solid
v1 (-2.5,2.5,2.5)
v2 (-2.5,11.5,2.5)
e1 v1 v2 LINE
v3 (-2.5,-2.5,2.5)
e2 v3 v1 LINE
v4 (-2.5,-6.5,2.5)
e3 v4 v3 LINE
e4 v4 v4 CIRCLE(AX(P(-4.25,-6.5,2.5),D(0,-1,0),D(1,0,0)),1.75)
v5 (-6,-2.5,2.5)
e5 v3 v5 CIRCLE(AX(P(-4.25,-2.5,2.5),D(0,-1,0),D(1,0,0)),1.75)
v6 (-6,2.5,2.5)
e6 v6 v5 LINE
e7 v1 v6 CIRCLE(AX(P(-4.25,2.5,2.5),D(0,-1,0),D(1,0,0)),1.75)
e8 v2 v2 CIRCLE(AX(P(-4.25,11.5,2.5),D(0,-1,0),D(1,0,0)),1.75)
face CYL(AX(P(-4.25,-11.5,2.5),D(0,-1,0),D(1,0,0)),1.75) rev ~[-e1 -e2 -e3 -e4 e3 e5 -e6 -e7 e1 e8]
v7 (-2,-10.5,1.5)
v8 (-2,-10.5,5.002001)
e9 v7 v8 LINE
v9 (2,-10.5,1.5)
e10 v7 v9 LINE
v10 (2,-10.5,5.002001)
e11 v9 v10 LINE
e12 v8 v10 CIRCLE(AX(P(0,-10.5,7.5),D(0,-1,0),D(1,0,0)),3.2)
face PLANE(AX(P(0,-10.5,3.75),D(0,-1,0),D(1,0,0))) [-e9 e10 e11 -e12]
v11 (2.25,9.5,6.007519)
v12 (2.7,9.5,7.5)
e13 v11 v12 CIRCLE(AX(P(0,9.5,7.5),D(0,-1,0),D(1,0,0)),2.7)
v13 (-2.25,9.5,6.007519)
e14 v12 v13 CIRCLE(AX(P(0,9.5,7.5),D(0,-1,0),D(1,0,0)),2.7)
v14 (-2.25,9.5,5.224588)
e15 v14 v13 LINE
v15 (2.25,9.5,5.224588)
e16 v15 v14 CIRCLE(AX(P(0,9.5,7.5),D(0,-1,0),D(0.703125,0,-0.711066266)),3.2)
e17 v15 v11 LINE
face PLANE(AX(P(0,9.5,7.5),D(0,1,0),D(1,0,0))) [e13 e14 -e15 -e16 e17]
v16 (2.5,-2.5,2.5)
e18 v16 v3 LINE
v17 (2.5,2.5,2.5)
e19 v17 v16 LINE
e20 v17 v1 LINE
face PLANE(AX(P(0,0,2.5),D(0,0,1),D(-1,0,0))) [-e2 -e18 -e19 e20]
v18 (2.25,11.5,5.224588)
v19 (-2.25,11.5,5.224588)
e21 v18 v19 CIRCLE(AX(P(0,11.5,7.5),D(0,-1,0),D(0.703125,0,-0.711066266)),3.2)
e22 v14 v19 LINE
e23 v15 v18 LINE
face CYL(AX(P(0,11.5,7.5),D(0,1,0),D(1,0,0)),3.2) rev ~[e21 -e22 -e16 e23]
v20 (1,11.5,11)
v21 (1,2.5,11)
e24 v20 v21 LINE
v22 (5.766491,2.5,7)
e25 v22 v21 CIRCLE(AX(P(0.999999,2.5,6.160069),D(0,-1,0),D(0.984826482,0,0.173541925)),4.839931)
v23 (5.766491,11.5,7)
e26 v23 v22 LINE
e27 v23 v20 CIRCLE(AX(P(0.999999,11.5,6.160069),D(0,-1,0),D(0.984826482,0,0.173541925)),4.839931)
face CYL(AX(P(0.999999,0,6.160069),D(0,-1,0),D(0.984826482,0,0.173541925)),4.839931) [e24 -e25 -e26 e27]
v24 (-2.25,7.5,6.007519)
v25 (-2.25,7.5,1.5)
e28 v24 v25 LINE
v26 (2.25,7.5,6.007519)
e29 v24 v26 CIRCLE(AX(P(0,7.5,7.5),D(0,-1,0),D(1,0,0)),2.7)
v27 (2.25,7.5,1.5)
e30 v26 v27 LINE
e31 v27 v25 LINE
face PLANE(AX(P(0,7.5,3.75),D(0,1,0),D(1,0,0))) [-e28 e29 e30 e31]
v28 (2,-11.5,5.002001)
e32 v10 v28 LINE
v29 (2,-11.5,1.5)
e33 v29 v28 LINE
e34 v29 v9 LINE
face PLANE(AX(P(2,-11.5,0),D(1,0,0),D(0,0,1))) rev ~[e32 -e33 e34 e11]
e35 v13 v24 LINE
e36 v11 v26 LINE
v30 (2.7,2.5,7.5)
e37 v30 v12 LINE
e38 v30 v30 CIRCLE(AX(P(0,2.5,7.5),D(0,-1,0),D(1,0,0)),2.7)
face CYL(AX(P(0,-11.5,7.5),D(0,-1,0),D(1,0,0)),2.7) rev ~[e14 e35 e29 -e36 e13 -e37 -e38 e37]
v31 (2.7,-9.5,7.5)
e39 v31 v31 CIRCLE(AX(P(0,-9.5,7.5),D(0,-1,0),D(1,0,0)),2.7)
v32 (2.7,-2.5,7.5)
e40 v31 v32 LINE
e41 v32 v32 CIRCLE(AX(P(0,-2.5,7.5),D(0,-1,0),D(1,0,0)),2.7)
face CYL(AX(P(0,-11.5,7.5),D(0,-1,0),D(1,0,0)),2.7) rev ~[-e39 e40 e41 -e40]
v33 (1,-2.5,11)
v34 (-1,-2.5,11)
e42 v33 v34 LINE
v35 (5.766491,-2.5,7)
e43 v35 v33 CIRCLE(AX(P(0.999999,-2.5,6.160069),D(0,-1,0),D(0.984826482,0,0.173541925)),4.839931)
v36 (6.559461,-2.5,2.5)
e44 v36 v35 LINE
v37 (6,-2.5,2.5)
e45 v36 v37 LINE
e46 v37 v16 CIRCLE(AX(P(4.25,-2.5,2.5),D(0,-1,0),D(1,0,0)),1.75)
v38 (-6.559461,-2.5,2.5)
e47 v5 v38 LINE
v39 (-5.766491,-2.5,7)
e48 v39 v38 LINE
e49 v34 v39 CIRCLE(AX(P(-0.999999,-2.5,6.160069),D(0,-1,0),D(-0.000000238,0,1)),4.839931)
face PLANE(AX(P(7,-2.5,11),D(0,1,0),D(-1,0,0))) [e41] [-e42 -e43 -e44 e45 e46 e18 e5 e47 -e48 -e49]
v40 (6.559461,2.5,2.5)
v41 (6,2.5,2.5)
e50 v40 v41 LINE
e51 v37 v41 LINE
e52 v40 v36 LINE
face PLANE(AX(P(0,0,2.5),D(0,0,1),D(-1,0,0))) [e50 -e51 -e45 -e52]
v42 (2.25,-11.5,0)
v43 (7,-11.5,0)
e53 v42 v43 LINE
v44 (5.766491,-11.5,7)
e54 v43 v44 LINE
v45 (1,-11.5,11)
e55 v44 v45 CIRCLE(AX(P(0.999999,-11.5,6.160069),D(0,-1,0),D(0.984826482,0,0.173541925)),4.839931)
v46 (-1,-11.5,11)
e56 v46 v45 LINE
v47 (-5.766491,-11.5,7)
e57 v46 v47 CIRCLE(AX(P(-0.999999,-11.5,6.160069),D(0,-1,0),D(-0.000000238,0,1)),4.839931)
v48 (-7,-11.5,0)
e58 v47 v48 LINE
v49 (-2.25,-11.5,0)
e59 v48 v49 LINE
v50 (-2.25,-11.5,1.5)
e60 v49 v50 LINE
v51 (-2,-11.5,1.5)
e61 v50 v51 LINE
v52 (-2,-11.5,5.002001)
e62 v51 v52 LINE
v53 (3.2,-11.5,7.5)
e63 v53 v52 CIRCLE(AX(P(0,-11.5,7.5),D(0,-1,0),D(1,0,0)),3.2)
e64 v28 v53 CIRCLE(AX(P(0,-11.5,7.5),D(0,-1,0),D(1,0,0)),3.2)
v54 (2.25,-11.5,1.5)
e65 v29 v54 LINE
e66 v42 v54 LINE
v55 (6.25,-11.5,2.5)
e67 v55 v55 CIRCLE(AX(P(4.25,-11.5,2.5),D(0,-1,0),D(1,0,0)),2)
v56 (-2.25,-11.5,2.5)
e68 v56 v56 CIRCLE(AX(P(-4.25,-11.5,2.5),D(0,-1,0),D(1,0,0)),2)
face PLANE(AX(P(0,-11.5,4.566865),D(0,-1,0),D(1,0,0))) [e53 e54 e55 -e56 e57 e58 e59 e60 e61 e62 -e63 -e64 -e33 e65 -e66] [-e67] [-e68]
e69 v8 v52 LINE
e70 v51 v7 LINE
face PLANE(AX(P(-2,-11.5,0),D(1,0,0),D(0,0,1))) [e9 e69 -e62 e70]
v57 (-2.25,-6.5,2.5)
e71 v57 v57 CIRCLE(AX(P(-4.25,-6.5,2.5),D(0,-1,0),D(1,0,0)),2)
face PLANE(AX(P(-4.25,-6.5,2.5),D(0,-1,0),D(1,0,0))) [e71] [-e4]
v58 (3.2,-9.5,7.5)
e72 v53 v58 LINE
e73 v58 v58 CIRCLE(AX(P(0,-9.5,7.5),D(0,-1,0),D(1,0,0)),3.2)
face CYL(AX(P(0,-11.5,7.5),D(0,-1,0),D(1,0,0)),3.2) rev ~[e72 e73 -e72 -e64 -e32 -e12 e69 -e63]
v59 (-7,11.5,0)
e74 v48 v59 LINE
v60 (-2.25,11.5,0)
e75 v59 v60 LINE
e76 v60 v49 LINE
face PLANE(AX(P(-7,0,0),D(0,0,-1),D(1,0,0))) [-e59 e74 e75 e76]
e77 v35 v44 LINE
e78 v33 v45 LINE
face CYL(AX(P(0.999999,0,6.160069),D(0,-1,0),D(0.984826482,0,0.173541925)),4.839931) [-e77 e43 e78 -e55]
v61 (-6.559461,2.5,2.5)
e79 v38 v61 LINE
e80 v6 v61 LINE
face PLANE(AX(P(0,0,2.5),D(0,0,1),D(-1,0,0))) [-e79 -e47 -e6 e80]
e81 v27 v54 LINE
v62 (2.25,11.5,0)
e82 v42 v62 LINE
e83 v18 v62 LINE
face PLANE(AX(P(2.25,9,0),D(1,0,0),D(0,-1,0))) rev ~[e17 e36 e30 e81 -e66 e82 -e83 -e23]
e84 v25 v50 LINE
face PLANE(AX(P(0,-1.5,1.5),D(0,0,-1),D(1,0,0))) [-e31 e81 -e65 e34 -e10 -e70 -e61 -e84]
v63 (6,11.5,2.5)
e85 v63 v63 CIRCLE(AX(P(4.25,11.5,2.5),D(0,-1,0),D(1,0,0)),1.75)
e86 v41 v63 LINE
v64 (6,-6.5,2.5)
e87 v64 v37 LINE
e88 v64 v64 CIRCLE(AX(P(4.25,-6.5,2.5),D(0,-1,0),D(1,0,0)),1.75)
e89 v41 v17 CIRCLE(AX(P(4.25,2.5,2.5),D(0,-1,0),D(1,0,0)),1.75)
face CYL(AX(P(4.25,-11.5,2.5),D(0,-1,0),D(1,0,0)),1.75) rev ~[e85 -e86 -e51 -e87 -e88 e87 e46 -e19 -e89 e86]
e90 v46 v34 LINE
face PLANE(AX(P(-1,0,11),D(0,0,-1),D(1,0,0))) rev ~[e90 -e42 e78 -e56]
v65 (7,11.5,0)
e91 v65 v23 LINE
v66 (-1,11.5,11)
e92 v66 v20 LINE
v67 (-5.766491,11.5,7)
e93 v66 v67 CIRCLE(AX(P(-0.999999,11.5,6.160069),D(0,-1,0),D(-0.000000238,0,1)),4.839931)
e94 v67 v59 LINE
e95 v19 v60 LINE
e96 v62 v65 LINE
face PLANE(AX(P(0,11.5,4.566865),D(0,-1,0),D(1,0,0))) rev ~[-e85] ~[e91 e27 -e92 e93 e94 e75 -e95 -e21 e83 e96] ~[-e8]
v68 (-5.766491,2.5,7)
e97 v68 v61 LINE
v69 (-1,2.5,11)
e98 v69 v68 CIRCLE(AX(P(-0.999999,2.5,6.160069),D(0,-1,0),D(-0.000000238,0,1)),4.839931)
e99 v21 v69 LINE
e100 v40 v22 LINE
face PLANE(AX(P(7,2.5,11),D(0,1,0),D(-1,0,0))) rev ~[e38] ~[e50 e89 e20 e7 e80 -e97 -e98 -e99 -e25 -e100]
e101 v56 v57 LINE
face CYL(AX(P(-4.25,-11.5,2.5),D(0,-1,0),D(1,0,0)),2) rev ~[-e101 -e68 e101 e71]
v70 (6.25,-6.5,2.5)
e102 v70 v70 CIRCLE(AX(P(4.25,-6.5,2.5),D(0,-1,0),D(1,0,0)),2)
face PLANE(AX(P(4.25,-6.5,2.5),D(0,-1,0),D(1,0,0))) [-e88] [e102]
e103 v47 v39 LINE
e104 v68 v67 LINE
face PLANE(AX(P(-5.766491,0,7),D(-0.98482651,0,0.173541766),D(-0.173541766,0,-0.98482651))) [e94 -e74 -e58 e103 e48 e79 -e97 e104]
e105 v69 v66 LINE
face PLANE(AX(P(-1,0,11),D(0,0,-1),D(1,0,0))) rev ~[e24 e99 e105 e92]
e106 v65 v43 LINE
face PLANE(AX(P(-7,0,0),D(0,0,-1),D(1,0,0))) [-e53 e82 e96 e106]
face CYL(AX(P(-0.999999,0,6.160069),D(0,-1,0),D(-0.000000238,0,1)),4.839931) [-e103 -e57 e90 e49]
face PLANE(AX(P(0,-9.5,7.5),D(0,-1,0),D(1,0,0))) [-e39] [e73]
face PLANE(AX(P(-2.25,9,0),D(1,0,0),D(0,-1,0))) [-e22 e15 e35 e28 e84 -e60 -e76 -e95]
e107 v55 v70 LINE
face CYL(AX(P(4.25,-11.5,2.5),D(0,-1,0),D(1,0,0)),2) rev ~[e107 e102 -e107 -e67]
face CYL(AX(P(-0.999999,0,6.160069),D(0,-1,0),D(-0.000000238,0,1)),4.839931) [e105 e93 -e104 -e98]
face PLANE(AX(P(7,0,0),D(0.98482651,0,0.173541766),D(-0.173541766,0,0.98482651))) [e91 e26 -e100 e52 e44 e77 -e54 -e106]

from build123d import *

# Parameters (mm, degrees)
PAD_DEPTH       = 11.5
SKETCH001_W     = 14
SKETCH001_H     = 5
POCKET_DEPTH    = 8.5
SKETCH002_R     = 1.75
POCKET001_DEPTH = 23.001
SKETCH003_R     = 2.7
POCKET002_DEPTH = 23.001
SKETCH004_R     = 2
POCKET003_DEPTH = 5
SKETCH005_W     = 4.5
SKETCH005_H     = 7.5
POCKET004_DEPTH = 4
SKETCH006_W     = 4
SKETCH006_H     = 7.5
POCKET005_DEPTH = 1
SKETCH007_W     = 4.5
SKETCH007_H     = 21
POCKET006_DEPTH = 1.5
SKETCH008_R     = 3.2
POCKET007_DEPTH = 2
SKETCH009_R     = 3.2
POCKET008_DEPTH = 2


with BuildPart() as part:
    # Sketch → Pad (new body, symmetric)
    with BuildSketch(Plane.XZ):
        with BuildLine():
            Line((-7, 0), (7, 0))
            Line((7, 0), (5.766491, 7))
            ThreePointArc((5.766491, 7), (4.111247, 9.867503), (1, 11))
            Line((-1, 11), (1, 11))
            ThreePointArc((-1, 11), (-4.111247, 9.867503), (-5.766491, 7))
            Line((-5.766491, 7), (-7, 0))
        make_face()
    extrude(amount=PAD_DEPTH, both=True)

    # Sketch001 → Pocket (cut)
    with BuildSketch(Plane(origin=(0, 0, 11), x_dir=(-1, 0, 0), z_dir=(0, 0, 1))):
        Rectangle(SKETCH001_W, SKETCH001_H)
    extrude(amount=-POCKET_DEPTH, mode=Mode.SUBTRACT)

    # Sketch002 → Pocket001 (cut, through all)
    with BuildSketch(Plane.XZ.offset(11.5)):
        with Locations((-4.25, 2.5)):
            Circle(SKETCH002_R)
        with Locations((4.25, 2.5)):
            Circle(SKETCH002_R)
    extrude(amount=-POCKET001_DEPTH, mode=Mode.SUBTRACT)

    # Sketch003 → Pocket002 (cut, through all)
    with BuildSketch(Plane.XZ.offset(11.5)):
        with Locations((0, 7.5)):
            Circle(SKETCH003_R)
    extrude(amount=-POCKET002_DEPTH, mode=Mode.SUBTRACT)

    # Sketch004 → Pocket003 (cut)
    with BuildSketch(Plane.XZ.offset(11.5)):
        with Locations((-4.25, 2.5)):
            Circle(SKETCH004_R)
        with Locations((4.25, 2.5)):
            Circle(SKETCH004_R)
    extrude(amount=-POCKET003_DEPTH, mode=Mode.SUBTRACT)

    # Sketch005 → Pocket004 (cut)
    with BuildSketch(Plane(origin=(0, 11.5, 0), x_dir=(1, 0, 0), z_dir=(0, 1, 0))):
        with Locations((0, -3.75)):
            Rectangle(SKETCH005_W, SKETCH005_H)
    extrude(amount=-POCKET004_DEPTH, mode=Mode.SUBTRACT)

    # Sketch006 → Pocket005 (cut)
    with BuildSketch(Plane.XZ.offset(11.5)):
        with Locations((0, 3.75)):
            Rectangle(SKETCH006_W, SKETCH006_H)
    extrude(amount=-POCKET005_DEPTH, mode=Mode.SUBTRACT)

    # Sketch007 → Pocket006 (cut)
    with BuildSketch(Plane(origin=(0, 0, 0), x_dir=(1, 0, 0), z_dir=(0, 0, -1))):
        with Locations((0, 1.5)):
            Rectangle(SKETCH007_W, SKETCH007_H)
    extrude(amount=-POCKET006_DEPTH, mode=Mode.SUBTRACT)

    # Sketch008 → Pocket007 (cut)
    with BuildSketch(Plane(origin=(0, 11.5, 0), x_dir=(1, 0, 0), z_dir=(0, 1, 0))):
        with Locations((0, -7.5)):
            Circle(SKETCH008_R)
    extrude(amount=-POCKET007_DEPTH, mode=Mode.SUBTRACT)

    # Sketch009 → Pocket008 (cut)
    with BuildSketch(Plane.XZ.offset(11.5)):
        with Locations((0, 7.5)):
            Circle(SKETCH009_R)
    extrude(amount=-POCKET008_DEPTH, mode=Mode.SUBTRACT)


solid = part.part
